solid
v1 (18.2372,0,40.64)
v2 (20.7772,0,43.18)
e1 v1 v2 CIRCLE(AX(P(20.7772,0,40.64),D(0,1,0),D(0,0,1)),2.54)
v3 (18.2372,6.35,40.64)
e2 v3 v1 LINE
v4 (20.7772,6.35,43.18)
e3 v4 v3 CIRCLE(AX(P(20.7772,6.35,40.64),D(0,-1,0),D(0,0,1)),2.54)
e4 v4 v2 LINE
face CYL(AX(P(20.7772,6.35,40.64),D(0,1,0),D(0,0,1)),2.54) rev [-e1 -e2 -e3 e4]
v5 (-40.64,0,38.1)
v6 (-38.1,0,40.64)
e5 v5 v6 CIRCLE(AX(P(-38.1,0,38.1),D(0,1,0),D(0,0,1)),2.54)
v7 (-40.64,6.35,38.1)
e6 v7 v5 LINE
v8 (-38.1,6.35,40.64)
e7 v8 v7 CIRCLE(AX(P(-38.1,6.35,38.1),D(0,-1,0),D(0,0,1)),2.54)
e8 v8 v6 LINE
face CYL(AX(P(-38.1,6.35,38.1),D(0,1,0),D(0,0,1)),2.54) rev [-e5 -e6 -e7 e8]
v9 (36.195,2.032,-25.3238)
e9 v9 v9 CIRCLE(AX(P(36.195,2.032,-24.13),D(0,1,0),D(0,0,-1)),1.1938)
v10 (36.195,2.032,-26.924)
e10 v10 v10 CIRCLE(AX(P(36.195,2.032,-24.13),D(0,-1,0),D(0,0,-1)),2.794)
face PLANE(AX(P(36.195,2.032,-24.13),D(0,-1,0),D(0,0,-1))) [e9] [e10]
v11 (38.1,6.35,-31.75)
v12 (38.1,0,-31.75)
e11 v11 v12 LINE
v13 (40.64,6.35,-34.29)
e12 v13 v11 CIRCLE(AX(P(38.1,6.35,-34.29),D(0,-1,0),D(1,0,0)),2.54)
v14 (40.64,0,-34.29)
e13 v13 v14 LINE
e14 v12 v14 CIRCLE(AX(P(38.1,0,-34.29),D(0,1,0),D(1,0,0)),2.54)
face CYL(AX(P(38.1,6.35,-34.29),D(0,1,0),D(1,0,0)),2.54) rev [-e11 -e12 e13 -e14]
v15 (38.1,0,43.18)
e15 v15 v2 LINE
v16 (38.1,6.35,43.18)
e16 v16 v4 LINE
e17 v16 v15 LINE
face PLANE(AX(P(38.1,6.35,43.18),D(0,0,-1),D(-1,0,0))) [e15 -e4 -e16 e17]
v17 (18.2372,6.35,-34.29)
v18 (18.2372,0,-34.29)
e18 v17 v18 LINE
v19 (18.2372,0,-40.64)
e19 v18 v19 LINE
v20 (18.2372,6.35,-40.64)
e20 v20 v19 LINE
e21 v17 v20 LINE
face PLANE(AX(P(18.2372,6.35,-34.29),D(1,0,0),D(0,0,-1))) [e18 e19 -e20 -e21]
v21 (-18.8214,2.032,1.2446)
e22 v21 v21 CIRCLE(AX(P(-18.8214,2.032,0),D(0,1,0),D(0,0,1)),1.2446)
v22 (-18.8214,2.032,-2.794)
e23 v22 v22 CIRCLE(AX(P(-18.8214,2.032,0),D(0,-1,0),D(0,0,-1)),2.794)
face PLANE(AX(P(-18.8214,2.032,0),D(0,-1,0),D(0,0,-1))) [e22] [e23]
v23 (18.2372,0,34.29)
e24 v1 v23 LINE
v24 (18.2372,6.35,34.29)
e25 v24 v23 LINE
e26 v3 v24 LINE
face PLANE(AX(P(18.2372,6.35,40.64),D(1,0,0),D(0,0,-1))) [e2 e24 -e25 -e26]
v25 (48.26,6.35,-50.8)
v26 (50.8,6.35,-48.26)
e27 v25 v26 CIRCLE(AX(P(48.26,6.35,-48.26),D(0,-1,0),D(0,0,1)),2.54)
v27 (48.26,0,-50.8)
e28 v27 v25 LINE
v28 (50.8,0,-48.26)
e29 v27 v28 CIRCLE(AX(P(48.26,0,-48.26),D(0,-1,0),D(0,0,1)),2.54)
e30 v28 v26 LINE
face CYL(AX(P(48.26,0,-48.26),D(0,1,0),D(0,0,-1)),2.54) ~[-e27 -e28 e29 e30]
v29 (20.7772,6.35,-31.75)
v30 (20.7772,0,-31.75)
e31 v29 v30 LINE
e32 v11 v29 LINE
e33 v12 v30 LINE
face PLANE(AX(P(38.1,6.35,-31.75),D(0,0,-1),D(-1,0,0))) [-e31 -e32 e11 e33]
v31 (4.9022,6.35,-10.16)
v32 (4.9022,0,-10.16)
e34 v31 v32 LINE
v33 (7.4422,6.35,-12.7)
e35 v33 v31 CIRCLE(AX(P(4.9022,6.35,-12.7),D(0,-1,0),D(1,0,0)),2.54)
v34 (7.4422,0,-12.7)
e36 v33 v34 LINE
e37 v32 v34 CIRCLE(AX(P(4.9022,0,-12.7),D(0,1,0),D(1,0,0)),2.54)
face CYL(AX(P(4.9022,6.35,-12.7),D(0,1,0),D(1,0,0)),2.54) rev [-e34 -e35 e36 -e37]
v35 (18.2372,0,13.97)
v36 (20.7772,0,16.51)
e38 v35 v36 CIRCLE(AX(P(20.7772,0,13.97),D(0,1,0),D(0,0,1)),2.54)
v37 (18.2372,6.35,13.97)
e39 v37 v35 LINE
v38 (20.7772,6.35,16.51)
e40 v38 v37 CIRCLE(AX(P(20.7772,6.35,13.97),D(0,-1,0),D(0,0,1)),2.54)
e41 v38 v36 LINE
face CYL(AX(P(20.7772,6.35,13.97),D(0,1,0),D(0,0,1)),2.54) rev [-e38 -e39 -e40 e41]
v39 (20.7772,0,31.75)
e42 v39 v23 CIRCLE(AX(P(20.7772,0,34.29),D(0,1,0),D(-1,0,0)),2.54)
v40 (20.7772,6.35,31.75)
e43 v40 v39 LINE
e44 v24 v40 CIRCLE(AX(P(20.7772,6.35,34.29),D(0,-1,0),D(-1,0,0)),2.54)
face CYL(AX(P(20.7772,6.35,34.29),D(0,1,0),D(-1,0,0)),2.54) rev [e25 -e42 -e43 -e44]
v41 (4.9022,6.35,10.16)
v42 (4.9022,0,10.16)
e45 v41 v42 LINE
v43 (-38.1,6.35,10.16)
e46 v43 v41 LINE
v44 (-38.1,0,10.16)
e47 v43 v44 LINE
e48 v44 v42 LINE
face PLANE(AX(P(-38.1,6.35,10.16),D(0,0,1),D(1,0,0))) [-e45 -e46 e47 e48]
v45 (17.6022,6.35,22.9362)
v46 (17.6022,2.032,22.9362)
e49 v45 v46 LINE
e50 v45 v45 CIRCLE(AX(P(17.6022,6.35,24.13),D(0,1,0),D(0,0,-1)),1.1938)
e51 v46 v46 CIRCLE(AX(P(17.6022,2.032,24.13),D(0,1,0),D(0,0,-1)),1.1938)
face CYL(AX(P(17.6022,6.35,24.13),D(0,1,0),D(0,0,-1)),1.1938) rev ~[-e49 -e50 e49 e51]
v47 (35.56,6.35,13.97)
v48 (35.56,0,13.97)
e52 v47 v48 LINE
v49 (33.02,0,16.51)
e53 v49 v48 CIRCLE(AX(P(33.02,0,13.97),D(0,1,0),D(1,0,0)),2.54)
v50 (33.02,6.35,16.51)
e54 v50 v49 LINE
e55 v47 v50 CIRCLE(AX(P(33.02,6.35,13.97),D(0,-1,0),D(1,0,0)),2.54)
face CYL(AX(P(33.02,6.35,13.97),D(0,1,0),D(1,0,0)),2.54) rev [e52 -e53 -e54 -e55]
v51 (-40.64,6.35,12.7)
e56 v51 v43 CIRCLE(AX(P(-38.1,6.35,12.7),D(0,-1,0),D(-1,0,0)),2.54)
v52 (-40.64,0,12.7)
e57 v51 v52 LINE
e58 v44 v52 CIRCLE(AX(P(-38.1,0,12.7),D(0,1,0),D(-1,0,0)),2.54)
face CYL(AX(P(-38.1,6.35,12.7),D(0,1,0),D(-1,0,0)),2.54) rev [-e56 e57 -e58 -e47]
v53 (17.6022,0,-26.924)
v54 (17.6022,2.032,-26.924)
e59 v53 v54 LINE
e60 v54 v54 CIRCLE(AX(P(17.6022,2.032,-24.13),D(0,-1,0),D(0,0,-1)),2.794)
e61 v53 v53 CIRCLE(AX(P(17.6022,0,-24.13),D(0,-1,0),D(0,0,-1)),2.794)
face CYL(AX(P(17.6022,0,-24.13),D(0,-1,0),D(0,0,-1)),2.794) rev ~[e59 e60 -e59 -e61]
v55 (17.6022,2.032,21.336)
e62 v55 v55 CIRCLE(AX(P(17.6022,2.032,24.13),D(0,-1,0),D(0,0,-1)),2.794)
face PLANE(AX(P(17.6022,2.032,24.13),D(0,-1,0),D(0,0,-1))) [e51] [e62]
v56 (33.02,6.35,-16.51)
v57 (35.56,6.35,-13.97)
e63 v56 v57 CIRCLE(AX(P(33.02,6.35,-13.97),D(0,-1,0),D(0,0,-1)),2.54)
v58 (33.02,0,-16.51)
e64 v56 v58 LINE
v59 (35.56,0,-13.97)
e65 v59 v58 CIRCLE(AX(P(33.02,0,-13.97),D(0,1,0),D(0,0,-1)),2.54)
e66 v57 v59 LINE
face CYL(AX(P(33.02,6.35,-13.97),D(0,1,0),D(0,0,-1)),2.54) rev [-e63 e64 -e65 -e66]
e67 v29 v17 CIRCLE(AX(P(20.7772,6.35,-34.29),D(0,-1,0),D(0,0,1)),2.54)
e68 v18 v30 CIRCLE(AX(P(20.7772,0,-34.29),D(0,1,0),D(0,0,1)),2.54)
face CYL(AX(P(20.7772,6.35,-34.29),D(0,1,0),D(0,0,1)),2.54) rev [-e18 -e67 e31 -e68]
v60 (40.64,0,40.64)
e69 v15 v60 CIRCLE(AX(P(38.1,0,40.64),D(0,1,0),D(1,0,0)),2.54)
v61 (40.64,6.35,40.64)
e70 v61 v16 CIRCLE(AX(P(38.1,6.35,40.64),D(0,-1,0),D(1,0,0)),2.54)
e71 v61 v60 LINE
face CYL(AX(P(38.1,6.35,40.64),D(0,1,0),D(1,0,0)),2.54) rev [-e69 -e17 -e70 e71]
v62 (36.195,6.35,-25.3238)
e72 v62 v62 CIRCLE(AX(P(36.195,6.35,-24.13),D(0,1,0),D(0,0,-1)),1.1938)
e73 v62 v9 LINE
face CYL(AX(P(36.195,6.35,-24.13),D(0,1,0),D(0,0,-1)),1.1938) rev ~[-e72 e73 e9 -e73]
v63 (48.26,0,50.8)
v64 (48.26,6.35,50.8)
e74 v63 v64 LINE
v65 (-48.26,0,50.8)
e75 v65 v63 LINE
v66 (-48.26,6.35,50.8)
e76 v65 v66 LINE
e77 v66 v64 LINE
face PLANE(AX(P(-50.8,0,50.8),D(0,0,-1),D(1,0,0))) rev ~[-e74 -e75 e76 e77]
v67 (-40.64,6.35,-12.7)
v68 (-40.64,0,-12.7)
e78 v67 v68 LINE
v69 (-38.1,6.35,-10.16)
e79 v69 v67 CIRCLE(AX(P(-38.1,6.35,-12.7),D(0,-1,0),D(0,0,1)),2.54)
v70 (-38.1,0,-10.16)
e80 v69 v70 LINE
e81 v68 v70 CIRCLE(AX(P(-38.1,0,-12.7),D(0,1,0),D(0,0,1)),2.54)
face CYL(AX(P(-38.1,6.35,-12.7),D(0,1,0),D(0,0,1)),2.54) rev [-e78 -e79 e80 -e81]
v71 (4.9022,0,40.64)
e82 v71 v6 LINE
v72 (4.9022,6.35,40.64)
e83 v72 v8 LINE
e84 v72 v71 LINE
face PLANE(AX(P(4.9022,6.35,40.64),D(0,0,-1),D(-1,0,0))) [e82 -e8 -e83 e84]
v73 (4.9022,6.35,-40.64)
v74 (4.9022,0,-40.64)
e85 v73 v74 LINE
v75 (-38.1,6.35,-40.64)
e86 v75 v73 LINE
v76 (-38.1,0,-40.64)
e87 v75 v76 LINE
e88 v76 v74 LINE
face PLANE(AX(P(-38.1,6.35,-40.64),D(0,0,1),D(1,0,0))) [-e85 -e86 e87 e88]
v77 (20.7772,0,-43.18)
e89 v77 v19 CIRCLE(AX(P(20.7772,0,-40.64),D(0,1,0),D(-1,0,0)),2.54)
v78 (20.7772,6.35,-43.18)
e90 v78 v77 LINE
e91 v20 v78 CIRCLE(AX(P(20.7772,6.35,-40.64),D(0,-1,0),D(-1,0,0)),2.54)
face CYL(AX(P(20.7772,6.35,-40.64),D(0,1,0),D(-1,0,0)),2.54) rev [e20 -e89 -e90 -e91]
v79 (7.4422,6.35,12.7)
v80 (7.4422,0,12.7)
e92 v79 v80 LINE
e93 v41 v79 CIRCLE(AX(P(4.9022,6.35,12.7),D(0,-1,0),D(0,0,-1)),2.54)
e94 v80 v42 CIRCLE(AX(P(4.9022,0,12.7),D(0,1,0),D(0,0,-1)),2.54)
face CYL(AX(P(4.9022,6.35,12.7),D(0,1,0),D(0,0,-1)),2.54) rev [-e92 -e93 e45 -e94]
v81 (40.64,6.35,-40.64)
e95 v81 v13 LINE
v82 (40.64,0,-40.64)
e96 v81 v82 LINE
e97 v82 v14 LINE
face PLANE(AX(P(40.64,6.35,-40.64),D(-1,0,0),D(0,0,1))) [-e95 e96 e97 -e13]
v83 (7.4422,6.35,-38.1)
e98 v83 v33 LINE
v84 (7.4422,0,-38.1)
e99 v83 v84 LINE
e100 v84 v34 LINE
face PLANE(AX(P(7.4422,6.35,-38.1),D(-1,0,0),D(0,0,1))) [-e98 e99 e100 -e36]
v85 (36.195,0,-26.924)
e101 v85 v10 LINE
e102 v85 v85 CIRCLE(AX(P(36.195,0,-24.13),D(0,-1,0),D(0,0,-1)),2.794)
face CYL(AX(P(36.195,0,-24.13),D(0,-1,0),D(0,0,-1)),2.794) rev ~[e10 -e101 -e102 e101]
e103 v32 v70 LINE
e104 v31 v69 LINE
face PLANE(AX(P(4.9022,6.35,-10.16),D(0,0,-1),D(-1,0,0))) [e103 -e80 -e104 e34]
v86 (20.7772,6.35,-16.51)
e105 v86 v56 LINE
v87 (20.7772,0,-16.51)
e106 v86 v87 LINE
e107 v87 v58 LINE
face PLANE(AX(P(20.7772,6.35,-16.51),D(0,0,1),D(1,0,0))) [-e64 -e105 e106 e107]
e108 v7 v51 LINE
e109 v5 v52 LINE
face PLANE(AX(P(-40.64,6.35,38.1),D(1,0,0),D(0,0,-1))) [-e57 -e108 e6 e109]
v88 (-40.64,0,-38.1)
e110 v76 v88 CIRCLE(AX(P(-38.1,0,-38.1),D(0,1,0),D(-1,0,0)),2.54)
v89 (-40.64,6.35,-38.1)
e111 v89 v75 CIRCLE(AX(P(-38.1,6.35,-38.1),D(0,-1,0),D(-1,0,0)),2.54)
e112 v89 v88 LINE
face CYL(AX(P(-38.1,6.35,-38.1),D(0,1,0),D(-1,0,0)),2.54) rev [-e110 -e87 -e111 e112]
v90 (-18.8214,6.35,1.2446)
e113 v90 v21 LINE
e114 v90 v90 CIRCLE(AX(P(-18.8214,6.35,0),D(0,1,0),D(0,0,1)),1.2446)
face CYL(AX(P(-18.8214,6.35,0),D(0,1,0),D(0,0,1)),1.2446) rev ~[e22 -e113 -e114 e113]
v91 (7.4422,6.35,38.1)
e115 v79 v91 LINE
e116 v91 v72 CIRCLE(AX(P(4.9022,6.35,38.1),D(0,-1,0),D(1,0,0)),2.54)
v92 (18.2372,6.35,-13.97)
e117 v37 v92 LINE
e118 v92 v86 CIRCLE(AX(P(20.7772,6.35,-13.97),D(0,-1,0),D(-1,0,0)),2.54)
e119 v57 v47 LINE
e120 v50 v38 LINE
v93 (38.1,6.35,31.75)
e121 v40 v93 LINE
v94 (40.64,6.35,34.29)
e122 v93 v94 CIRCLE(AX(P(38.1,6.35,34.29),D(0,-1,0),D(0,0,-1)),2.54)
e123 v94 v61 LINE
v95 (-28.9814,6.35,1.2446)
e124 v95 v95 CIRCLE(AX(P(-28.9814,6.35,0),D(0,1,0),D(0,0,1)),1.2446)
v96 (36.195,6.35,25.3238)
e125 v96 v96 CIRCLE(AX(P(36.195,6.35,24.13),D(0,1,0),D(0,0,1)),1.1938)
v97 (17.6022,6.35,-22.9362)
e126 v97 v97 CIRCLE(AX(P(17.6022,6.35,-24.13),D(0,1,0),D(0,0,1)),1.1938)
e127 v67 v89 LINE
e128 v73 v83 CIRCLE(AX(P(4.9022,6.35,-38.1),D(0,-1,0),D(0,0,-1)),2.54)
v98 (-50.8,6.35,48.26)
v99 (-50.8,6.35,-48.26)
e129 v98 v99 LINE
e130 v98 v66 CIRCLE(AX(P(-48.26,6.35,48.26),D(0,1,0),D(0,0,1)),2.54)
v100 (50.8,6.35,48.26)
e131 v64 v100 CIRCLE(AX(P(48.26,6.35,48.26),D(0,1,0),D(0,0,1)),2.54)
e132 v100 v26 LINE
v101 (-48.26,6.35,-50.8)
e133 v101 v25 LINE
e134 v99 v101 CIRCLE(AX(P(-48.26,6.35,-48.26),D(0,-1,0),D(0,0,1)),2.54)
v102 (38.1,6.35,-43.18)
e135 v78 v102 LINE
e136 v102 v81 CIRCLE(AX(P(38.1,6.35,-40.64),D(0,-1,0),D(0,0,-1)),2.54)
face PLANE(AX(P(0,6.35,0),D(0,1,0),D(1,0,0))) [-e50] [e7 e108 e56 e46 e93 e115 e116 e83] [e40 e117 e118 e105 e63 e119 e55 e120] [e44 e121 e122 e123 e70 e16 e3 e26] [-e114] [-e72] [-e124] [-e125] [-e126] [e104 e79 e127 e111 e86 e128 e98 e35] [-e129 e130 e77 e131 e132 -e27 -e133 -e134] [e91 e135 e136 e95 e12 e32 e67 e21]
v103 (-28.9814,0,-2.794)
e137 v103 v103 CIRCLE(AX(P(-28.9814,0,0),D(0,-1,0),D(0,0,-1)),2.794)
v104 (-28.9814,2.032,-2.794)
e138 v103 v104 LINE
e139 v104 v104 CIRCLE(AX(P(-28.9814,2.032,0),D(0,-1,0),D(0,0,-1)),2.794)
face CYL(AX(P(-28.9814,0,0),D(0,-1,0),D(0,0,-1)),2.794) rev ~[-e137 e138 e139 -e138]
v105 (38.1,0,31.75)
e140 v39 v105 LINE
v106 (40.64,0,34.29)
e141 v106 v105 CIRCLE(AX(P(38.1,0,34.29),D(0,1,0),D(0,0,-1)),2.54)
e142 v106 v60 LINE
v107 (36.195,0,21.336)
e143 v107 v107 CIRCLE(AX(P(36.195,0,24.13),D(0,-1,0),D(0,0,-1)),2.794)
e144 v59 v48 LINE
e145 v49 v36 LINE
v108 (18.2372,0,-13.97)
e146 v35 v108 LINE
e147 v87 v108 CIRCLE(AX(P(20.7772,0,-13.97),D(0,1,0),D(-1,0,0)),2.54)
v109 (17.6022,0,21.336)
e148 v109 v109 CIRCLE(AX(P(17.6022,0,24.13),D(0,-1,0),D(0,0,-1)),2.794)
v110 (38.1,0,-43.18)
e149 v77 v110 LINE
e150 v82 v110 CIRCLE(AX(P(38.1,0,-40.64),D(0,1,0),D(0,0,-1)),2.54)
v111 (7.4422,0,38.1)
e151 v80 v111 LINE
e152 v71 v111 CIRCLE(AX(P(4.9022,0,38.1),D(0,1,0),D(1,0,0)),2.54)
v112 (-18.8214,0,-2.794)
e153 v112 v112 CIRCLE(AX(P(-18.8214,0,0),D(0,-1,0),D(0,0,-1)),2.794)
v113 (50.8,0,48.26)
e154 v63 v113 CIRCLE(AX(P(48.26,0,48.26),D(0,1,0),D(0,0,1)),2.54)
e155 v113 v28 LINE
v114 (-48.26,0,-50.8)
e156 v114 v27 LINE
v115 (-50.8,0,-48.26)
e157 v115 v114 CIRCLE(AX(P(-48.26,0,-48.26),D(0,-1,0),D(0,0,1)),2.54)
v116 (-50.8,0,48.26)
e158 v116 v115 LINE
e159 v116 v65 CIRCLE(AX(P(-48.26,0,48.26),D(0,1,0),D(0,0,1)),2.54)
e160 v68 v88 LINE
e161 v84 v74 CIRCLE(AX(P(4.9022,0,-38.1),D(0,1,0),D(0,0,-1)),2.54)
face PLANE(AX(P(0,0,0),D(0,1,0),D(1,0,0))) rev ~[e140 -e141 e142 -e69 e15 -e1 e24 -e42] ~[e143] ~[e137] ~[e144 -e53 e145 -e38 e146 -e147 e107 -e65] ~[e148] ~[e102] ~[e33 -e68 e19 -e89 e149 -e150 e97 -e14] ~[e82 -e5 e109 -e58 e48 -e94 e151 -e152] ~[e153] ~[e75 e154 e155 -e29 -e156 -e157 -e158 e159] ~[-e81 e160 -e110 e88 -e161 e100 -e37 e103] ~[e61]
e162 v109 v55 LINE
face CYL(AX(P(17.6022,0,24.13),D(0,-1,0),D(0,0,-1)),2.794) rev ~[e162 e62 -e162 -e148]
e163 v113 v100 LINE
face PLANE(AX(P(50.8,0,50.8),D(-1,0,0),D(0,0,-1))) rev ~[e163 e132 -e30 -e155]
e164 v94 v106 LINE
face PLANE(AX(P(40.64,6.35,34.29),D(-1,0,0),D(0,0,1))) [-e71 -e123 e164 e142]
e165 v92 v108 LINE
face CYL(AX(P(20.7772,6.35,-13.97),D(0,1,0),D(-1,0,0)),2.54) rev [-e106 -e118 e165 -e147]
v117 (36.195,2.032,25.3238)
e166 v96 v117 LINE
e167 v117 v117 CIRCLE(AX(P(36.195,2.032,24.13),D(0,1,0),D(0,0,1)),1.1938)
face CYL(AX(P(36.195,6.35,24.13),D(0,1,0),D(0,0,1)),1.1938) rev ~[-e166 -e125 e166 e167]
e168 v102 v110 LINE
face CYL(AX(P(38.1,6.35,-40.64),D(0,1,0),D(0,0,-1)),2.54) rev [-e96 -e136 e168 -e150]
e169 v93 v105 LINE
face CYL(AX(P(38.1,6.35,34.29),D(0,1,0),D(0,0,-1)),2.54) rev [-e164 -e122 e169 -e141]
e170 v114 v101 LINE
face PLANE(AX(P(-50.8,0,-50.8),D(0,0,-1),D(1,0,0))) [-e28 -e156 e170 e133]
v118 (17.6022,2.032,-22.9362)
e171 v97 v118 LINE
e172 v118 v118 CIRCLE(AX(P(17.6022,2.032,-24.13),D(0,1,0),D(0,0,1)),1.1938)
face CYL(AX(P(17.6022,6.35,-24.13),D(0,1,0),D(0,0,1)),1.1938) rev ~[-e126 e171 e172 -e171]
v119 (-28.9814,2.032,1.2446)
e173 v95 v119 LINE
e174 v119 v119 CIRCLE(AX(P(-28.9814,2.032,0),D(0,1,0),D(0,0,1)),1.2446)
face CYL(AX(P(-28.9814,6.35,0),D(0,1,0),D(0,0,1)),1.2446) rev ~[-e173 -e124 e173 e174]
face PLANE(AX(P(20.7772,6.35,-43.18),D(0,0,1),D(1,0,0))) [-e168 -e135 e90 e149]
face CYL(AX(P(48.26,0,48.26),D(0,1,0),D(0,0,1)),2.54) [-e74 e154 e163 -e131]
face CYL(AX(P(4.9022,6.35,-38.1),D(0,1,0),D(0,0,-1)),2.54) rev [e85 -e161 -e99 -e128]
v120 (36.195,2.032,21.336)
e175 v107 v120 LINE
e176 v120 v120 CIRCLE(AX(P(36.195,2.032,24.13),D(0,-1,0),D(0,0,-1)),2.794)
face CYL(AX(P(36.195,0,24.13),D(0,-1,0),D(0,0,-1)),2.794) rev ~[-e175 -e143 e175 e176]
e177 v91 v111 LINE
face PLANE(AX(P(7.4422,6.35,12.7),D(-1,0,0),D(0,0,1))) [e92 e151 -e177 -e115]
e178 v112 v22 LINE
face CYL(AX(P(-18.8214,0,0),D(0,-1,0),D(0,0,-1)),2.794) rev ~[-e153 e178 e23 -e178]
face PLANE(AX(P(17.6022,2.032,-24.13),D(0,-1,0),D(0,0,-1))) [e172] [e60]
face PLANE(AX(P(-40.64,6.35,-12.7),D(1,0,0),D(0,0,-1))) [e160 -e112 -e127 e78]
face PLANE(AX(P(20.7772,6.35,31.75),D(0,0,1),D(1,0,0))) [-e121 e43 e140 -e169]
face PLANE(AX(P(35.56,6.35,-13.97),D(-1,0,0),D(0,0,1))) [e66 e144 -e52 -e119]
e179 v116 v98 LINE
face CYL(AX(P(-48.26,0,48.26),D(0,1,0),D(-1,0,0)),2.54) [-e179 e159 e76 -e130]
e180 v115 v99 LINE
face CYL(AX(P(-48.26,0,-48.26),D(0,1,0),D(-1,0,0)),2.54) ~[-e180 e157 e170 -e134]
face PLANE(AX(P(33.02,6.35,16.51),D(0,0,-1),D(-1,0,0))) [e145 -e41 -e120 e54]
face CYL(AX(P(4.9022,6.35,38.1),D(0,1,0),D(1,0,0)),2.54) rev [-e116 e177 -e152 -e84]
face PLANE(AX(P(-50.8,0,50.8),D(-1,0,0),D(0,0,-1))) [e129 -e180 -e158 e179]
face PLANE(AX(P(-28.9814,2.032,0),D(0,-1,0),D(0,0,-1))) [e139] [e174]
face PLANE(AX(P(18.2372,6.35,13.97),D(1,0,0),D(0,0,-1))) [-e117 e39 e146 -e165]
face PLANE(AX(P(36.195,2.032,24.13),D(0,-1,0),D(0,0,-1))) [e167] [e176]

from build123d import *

# Parameters (mm, degrees)
BASE_W              = 101.6
BASE_H              = 101.6
BOSS_EXTRUDE2_DEPTH = 6.35
SKETCH1_R           = 1.1938
SKETCH1_R_2         = 1.2446
CUT_EXTRUDE1_DEPTH  = 73.122135992
FILLET1_R           = 2.54
SKETCH2_R           = 2.794
CUT_EXTRUDE2_DEPTH  = 2.032
CUT_EXTRUDE3_DEPTH  = 73.122135992


with BuildPart() as part:
    # Base → Boss-Extrude2 (new body)
    with BuildSketch(Plane(origin=(0, 0, 0), x_dir=(1, 0, 0), z_dir=(0, 1, 0))):
        Rectangle(BASE_W, BASE_H)
    extrude(amount=BOSS_EXTRUDE2_DEPTH)

    # Sketch1 → Cut-Extrude1 (cut, through all)
    with BuildSketch(Plane(origin=(0, 6.35, 0), x_dir=(1, 0, 0), z_dir=(0, 1, 0))):
        with Locations(Location((17.6022, 24.13, 0), (0, 0, 270))):
            Circle(SKETCH1_R)
        with Locations(Location((36.195, 24.13, 0), (0, 0, 90))):
            Circle(SKETCH1_R)
        with Locations(Location((17.6022, -24.13, 0), (0, 0, 90))):
            Circle(SKETCH1_R)
        with Locations(Location((36.195, -24.13, 0), (0, 0, 270))):
            Circle(SKETCH1_R)
        with Locations(Location((-28.9814, 0, 0), (0, 0, 270))):
            Circle(SKETCH1_R_2)
        with Locations(Location((-18.8214, 0, 0), (0, 0, 270))):
            Circle(SKETCH1_R_2)
    extrude(amount=-CUT_EXTRUDE1_DEPTH, mode=Mode.SUBTRACT)

    # Fillet1
    fillet1_edges = [part.edges().sort_by_distance(p)[0] for p in [
        (50.8, 3.175, 50.8),
        (-50.8, 3.175, 50.8),
        (-50.8, 3.175, -50.8),
        (50.8, 3.175, -50.8),
    ]]
    fillet(fillet1_edges, radius=FILLET1_R)

    # Sketch2 → Cut-Extrude2 (cut)
    with BuildSketch(Plane.XZ):
        with Locations(Location((17.6022, 24.13, 0), (0, 0, 270))):
            Circle(SKETCH2_R)
        with Locations(Location((36.195, 24.13, 0), (0, 0, 270))):
            Circle(SKETCH2_R)
        with Locations(Location((36.195, -24.13, 0), (0, 0, 270))):
            Circle(SKETCH2_R)
        with Locations(Location((17.6022, -24.13, 0), (0, 0, 270))):
            Circle(SKETCH2_R)
        with Locations(Location((-18.8214, 0, 0), (0, 0, 270))):
            Circle(SKETCH2_R)
        with Locations(Location((-28.9814, 0, 0), (0, 0, 270))):
            Circle(SKETCH2_R)
    extrude(amount=-CUT_EXTRUDE2_DEPTH, mode=Mode.SUBTRACT)

    # Sketch3 → Cut-Extrude3 (cut, through all)
    with BuildSketch(Plane(origin=(0, 6.35, 0), x_dir=(1, 0, 0), z_dir=(0, 1, 0))):
        with BuildLine():
            Line((-38.1, -10.16), (4.9022, -10.16))
            ThreePointArc((4.9022, -10.16), (6.698251224, -10.903948776), (7.4422, -12.7))
            Line((7.4422, -12.7), (7.4422, -38.1))
            ThreePointArc((7.4422, -38.1), (6.698251224, -39.896051224), (4.9022, -40.64))
            Line((4.9022, -40.64), (-38.1, -40.64))
            ThreePointArc((-38.1, -40.64), (-39.896051224, -39.896051224), (-40.64, -38.1))
            Line((-40.64, -38.1), (-40.64, -12.7))
            ThreePointArc((-40.64, -12.7), (-39.896051224, -10.903948776), (-38.1, -10.16))
        make_face()
        with BuildLine():
            Line((-38.1, 40.64), (4.9022, 40.64))
            ThreePointArc((4.9022, 40.64), (6.698251224, 39.896051224), (7.4422, 38.1))
            Line((7.4422, 38.1), (7.4422, 12.7))
            ThreePointArc((7.4422, 12.7), (6.698251224, 10.903948776), (4.9022, 10.16))
            Line((4.9022, 10.16), (-38.1, 10.16))
            ThreePointArc((-38.1, 10.16), (-39.896051224, 10.903948776), (-40.64, 12.7))
            Line((-40.64, 12.7), (-40.64, 38.1))
            ThreePointArc((-40.64, 38.1), (-39.896051224, 39.896051224), (-38.1, 40.64))
        make_face()
        with BuildLine():
            Line((20.7772, 16.51), (33.02, 16.51))
            ThreePointArc((33.02, 16.51), (34.816051224, 15.766051224), (35.56, 13.97))
            Line((35.56, 13.97), (35.56, -13.97))
            ThreePointArc((35.56, -13.97), (34.816051224, -15.766051224), (33.02, -16.51))
            Line((33.02, -16.51), (20.7772, -16.51))
            ThreePointArc((20.7772, -16.51), (18.981148776, -15.766051224), (18.2372, -13.97))
            Line((18.2372, -13.97), (18.2372, 13.97))
            ThreePointArc((18.2372, 13.97), (18.981148776, 15.766051224), (20.7772, 16.51))
        make_face()
        with BuildLine():
            Line((20.7772, 43.18), (38.1, 43.18))
            ThreePointArc((38.1, 43.18), (39.896051224, 42.436051224), (40.64, 40.64))
            Line((40.64, 40.64), (40.64, 34.29))
            ThreePointArc((40.64, 34.29), (39.896051224, 32.493948776), (38.1, 31.75))
            Line((38.1, 31.75), (20.7772, 31.75))
            ThreePointArc((20.7772, 31.75), (18.981148776, 32.493948776), (18.2372, 34.29))
            Line((18.2372, 34.29), (18.2372, 40.64))
            ThreePointArc((18.2372, 40.64), (18.981148776, 42.436051224), (20.7772, 43.18))
        make_face()
        with BuildLine():
            Line((20.7772, -31.75), (38.1, -31.75))
            ThreePointArc((38.1, -31.75), (39.896051224, -32.493948776), (40.64, -34.29))
            Line((40.64, -34.29), (40.64, -40.64))
            ThreePointArc((40.64, -40.64), (39.896051224, -42.436051224), (38.1, -43.18))
            Line((38.1, -43.18), (20.7772, -43.18))
            ThreePointArc((20.7772, -43.18), (18.981148776, -42.436051224), (18.2372, -40.64))
            Line((18.2372, -40.64), (18.2372, -34.29))
            ThreePointArc((18.2372, -34.29), (18.981148776, -32.493948776), (20.7772, -31.75))
        make_face()
    extrude(amount=-CUT_EXTRUDE3_DEPTH, mode=Mode.SUBTRACT)


solid = part.part
